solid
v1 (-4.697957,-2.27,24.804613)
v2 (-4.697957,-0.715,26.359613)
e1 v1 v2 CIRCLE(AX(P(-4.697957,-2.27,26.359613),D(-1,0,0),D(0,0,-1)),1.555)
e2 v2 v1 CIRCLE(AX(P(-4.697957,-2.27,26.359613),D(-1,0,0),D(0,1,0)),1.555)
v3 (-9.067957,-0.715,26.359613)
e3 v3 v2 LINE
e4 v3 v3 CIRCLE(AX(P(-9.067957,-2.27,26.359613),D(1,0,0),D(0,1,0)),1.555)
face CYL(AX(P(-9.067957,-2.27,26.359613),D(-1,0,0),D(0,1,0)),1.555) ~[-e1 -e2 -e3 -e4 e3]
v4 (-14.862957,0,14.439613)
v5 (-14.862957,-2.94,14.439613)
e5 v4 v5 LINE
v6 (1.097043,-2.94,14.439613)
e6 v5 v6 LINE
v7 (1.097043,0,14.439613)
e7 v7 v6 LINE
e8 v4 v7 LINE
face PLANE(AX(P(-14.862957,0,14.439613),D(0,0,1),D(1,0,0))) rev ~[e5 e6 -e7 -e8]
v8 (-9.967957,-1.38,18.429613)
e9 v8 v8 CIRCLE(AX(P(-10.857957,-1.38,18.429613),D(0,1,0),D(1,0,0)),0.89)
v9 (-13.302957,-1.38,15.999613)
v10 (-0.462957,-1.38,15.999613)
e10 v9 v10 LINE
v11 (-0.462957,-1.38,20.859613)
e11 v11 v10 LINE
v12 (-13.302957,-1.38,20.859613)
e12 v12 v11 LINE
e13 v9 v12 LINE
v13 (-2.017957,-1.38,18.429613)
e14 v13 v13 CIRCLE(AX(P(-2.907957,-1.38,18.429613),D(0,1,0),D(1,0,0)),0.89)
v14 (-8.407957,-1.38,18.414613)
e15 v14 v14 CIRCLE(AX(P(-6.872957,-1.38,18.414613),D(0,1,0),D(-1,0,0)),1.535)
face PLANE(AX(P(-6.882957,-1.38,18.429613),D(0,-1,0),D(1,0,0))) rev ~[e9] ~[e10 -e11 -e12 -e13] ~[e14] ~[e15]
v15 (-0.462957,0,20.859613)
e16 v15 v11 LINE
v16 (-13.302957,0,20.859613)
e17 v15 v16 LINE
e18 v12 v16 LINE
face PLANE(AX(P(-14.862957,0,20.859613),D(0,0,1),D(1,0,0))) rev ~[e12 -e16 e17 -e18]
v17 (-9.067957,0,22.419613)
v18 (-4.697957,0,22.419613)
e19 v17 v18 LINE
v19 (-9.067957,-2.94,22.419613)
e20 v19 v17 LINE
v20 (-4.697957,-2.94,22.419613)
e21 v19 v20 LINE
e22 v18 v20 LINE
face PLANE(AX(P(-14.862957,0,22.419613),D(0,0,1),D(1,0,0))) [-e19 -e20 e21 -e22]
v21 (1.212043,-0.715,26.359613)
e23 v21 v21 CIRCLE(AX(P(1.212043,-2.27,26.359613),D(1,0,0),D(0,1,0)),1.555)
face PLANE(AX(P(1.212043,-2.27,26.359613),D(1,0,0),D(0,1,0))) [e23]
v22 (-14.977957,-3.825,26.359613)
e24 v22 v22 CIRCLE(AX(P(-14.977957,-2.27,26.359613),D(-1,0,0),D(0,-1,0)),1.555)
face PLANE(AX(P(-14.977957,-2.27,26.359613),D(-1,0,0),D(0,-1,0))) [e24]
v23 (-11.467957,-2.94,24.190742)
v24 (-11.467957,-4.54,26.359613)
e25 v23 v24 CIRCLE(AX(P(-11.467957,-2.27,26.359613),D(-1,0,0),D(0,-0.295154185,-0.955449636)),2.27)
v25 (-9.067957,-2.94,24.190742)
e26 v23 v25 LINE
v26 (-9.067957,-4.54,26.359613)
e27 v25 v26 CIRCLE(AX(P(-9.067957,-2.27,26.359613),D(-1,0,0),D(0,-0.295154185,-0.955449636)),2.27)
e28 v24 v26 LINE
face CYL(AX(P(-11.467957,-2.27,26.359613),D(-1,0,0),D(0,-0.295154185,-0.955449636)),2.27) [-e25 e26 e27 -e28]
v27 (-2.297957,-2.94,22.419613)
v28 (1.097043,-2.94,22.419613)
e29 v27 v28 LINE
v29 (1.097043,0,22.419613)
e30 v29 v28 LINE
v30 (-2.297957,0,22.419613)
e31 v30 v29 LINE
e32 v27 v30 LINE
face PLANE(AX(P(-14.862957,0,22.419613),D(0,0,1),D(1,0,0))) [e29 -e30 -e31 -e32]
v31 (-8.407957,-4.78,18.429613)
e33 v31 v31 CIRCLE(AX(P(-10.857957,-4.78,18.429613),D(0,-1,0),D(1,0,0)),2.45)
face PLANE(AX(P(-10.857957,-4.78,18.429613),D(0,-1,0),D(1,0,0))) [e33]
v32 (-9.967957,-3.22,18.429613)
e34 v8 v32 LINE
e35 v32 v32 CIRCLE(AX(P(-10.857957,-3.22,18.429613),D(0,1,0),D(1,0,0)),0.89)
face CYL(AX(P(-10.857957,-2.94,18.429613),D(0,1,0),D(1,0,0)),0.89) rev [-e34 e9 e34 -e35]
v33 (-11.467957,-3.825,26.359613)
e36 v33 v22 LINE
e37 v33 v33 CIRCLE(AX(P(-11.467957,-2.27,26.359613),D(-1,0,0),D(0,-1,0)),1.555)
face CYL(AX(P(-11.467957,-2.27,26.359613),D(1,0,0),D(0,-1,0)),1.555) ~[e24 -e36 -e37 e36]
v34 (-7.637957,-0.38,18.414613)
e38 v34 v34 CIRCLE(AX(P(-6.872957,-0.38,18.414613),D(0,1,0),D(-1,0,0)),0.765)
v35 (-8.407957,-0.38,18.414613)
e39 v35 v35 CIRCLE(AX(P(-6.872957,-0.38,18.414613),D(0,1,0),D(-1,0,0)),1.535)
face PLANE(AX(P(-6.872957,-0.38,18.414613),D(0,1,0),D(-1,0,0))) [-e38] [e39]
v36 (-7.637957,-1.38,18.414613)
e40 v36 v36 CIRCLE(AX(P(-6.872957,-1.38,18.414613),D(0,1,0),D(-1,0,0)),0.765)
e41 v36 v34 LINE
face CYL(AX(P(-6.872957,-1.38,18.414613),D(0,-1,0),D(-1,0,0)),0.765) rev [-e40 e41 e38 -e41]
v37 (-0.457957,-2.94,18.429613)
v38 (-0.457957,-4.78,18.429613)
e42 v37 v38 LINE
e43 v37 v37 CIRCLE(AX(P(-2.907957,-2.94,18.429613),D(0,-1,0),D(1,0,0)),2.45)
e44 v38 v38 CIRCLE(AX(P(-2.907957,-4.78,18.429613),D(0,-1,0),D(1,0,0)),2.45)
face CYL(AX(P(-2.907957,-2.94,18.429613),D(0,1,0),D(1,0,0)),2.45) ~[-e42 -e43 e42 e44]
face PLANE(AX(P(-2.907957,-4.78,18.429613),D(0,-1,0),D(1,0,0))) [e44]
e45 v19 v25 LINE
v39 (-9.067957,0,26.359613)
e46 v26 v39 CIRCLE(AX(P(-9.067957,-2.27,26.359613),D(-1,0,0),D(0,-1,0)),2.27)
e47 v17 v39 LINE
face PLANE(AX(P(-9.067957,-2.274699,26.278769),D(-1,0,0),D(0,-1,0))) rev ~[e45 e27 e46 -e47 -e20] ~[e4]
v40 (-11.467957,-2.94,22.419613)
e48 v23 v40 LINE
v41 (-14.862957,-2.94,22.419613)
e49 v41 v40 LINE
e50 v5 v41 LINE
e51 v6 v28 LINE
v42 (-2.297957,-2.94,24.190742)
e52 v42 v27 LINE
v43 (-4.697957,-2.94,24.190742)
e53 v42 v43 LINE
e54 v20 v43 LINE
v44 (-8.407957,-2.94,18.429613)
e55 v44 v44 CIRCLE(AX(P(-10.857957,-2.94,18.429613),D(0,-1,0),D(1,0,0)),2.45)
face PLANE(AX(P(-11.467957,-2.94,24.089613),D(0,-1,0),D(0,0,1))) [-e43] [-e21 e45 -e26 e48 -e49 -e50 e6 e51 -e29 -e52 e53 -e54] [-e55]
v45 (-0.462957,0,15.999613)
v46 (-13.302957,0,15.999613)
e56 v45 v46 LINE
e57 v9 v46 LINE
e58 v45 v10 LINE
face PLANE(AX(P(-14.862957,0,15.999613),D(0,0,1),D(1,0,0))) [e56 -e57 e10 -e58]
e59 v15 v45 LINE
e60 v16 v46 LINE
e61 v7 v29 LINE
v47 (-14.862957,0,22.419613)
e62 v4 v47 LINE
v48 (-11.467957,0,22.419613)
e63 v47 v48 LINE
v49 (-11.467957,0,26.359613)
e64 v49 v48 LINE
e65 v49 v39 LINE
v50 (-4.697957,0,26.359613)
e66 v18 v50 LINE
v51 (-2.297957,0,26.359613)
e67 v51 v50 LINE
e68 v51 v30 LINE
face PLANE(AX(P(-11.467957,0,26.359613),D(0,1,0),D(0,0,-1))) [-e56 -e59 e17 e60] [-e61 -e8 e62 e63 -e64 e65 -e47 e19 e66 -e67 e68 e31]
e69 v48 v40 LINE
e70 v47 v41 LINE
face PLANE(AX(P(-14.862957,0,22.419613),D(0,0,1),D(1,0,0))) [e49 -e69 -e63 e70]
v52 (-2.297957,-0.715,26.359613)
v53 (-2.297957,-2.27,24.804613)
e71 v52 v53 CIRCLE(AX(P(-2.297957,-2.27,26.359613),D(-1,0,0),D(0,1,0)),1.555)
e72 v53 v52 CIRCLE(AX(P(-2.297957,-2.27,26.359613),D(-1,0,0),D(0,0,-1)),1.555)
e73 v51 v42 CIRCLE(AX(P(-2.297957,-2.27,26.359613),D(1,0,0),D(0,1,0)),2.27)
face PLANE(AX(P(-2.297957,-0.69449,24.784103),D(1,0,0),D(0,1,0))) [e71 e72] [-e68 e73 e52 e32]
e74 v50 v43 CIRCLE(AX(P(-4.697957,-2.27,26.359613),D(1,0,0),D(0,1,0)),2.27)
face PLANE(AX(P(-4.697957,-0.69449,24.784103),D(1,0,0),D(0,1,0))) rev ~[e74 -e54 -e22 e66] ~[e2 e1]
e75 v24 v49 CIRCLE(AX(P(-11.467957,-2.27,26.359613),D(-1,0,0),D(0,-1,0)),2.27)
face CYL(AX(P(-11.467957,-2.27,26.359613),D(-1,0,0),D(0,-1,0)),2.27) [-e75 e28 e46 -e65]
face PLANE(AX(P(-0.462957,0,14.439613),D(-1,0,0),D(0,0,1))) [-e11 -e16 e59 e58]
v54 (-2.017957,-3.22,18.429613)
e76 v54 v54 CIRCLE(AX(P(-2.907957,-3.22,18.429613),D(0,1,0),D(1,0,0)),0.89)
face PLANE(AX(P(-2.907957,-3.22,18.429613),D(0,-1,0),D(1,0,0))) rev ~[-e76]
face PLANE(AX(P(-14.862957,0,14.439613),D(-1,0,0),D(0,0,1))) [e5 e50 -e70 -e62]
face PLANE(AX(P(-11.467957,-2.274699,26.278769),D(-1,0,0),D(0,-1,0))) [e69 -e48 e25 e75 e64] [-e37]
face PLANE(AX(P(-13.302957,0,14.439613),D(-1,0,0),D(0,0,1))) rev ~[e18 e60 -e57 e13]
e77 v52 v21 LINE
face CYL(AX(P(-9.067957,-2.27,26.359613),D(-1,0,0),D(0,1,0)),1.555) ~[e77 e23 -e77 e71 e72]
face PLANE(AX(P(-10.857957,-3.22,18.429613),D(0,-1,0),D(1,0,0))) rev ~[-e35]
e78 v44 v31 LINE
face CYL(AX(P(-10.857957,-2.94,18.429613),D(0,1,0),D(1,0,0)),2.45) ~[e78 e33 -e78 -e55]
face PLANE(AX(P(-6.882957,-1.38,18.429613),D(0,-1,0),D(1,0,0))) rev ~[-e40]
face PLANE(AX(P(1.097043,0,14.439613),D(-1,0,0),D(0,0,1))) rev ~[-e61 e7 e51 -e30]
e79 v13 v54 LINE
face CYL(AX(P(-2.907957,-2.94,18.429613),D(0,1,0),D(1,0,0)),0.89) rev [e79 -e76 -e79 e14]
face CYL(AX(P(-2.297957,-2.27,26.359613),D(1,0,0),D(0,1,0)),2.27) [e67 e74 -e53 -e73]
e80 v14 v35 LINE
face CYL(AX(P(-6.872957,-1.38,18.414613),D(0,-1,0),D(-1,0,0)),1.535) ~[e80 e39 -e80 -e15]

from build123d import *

# Parameters (mm, degrees)
F0_W      = 15.96
F0_H      = 7.98
F1_DEPTH  = 2.94
F2_R      = 2.45
F3_DEPTH  = 1.84
F4_T      = -1.56
F5_R      = 1.535
F5_R_2    = 0.765
F6_DEPTH  = 1
F8_DEPTH  = 1.67
F10_DEPTH = 2.4
F12_DEPTH = 2.4
F13_R     = 1.555
F14_DEPTH = 10.28
F15_R     = 1.555
F16_DEPTH = 3.51


with BuildPart() as f1:
    # F0 (on Front) → F1 (new body)
    with BuildSketch(Plane.XZ):
        with Locations((-6.8829571828, 18.429612627)):
            Rectangle(F0_W, F0_H)
    extrude(amount=F1_DEPTH)

    # F2 (on face) → F3 (join)
    with BuildSketch(Plane.XZ.offset(2.94)):
        with Locations((-10.8579571828, 18.429612627)):
            Circle(F2_R)
        with Locations((-2.9079571828, 18.429612627)):
            Circle(F2_R)
    extrude(amount=F3_DEPTH)

    # F4
    f4_openings = [f1.faces().sort_by_distance(p)[0] for p in [
        (-6.882957, 0, 18.429613),
    ]]
    offset(amount=F4_T, openings=f4_openings, kind=Kind.INTERSECTION)

    # F5 (on face) → F6 (join)
    with BuildSketch(Plane(origin=(0, -1.38, 0), x_dir=(-1, 0, 0), z_dir=(0, 1, 0))):
        with Locations((6.8729571828, 18.414612627)):
            Circle(F5_R)
        with Locations((6.8729571828, 18.414612627)):
            Circle(F5_R_2, mode=Mode.SUBTRACT)
    extrude(amount=F6_DEPTH)

    # F7 (on face) → F8 (join)
    with BuildSketch(Plane.XY.offset(22.419612627)):
        Polygon((-9.0679571828, -2.94), (-9.0679571828, -1.47), (-9.0679571828, 0), (-11.4679571828, 0), (-11.4679571828, -2.94), align=None)
        Polygon((-4.6979571828, 0), (-4.6979571828, -1.47), (-4.6979571828, -2.94), (-2.2979571828, -2.94), (-2.2979571828, 0), align=None)
    extrude(amount=F8_DEPTH)

    # F9 (on face) → F10 (join)
    with BuildSketch(Plane.YZ.offset(-2.2979571828)):
        with BuildLine():
            Line((-2.27, 24.089612627), (0, 24.089612627))
            Line((0, 24.089612627), (0, 26.359612627))
            ThreePointArc((0, 26.359612627), (-0.6648676067, 24.7544802337), (-2.27, 24.089612627))
        make_face()
        with BuildLine():
            ThreePointArc((-2.94, 24.1907419532), (-2.6087946061, 24.115037341), (-2.27, 24.089612627))
            ThreePointArc((-2.27, 24.089612627), (-0.6648676067, 24.7544802337), (0, 26.359612627))
            ThreePointArc((0, 26.359612627), (-3.6175904422, 28.1863309961), (-2.94, 24.1907419532))
        make_face()
        with BuildLine():
            ThreePointArc((-0.715, 26.359612627), (-1.1704489553, 25.2600615823), (-2.27, 24.804612627))
            ThreePointArc((-2.27, 24.804612627), (-3.3695510447, 27.4591636718), (-0.715, 26.359612627))
        make_face(mode=Mode.SUBTRACT)
        with BuildLine():
            Line((-2.94, 24.089612627), (-2.27, 24.089612627))
            ThreePointArc((-2.27, 24.089612627), (-2.6087946061, 24.115037341), (-2.94, 24.1907419532))
            Line((-2.94, 24.1907419532), (-2.94, 24.089612627))
        make_face()
    extrude(amount=-F10_DEPTH)

    # F11 (on face) → F12 (join)
    with BuildSketch(Plane(origin=(-11.4679571828, 0, 0), x_dir=(0, -1, 0), z_dir=(-1, 0, 0))):
        with BuildLine():
            ThreePointArc((0, 26.359612627), (0.6648676067, 24.7544802337), (2.27, 24.089612627))
            ThreePointArc((2.27, 24.089612627), (2.6087946061, 24.115037341), (2.94, 24.1907419532))
            ThreePointArc((2.94, 24.1907419532), (4.0967183691, 25.0120221848), (4.54, 26.359612627))
            ThreePointArc((4.54, 26.359612627), (2.27, 28.629612627), (0, 26.359612627))
        make_face()
        with BuildLine():
            ThreePointArc((2.94, 24.1907419532), (2.6087946061, 24.115037341), (2.27, 24.089612627))
            Line((2.27, 24.089612627), (2.94, 24.089612627))
            Line((2.94, 24.089612627), (2.94, 24.1907419532))
        make_face()
        with BuildLine():
            Line((0, 26.359612627), (0, 24.089612627))
            Line((0, 24.089612627), (2.27, 24.089612627))
            ThreePointArc((2.27, 24.089612627), (0.6648676067, 24.7544802337), (0, 26.359612627))
        make_face()
    extrude(amount=-F12_DEPTH)

    # F13 (on face) → F14 (join)
    with BuildSketch(Plane.YZ.offset(-9.0679571828)):
        with Locations((-2.27, 26.359612627)):
            Circle(F13_R)
    extrude(amount=F14_DEPTH)

    # F15 (on face) → F16 (join)
    with BuildSketch(Plane(origin=(-11.4679571828, 0, 0), x_dir=(0, -1, 0), z_dir=(-1, 0, 0))):
        with Locations((2.27, 26.359612627)):
            Circle(F15_R)
    extrude(amount=F16_DEPTH)


solid = f1.part
